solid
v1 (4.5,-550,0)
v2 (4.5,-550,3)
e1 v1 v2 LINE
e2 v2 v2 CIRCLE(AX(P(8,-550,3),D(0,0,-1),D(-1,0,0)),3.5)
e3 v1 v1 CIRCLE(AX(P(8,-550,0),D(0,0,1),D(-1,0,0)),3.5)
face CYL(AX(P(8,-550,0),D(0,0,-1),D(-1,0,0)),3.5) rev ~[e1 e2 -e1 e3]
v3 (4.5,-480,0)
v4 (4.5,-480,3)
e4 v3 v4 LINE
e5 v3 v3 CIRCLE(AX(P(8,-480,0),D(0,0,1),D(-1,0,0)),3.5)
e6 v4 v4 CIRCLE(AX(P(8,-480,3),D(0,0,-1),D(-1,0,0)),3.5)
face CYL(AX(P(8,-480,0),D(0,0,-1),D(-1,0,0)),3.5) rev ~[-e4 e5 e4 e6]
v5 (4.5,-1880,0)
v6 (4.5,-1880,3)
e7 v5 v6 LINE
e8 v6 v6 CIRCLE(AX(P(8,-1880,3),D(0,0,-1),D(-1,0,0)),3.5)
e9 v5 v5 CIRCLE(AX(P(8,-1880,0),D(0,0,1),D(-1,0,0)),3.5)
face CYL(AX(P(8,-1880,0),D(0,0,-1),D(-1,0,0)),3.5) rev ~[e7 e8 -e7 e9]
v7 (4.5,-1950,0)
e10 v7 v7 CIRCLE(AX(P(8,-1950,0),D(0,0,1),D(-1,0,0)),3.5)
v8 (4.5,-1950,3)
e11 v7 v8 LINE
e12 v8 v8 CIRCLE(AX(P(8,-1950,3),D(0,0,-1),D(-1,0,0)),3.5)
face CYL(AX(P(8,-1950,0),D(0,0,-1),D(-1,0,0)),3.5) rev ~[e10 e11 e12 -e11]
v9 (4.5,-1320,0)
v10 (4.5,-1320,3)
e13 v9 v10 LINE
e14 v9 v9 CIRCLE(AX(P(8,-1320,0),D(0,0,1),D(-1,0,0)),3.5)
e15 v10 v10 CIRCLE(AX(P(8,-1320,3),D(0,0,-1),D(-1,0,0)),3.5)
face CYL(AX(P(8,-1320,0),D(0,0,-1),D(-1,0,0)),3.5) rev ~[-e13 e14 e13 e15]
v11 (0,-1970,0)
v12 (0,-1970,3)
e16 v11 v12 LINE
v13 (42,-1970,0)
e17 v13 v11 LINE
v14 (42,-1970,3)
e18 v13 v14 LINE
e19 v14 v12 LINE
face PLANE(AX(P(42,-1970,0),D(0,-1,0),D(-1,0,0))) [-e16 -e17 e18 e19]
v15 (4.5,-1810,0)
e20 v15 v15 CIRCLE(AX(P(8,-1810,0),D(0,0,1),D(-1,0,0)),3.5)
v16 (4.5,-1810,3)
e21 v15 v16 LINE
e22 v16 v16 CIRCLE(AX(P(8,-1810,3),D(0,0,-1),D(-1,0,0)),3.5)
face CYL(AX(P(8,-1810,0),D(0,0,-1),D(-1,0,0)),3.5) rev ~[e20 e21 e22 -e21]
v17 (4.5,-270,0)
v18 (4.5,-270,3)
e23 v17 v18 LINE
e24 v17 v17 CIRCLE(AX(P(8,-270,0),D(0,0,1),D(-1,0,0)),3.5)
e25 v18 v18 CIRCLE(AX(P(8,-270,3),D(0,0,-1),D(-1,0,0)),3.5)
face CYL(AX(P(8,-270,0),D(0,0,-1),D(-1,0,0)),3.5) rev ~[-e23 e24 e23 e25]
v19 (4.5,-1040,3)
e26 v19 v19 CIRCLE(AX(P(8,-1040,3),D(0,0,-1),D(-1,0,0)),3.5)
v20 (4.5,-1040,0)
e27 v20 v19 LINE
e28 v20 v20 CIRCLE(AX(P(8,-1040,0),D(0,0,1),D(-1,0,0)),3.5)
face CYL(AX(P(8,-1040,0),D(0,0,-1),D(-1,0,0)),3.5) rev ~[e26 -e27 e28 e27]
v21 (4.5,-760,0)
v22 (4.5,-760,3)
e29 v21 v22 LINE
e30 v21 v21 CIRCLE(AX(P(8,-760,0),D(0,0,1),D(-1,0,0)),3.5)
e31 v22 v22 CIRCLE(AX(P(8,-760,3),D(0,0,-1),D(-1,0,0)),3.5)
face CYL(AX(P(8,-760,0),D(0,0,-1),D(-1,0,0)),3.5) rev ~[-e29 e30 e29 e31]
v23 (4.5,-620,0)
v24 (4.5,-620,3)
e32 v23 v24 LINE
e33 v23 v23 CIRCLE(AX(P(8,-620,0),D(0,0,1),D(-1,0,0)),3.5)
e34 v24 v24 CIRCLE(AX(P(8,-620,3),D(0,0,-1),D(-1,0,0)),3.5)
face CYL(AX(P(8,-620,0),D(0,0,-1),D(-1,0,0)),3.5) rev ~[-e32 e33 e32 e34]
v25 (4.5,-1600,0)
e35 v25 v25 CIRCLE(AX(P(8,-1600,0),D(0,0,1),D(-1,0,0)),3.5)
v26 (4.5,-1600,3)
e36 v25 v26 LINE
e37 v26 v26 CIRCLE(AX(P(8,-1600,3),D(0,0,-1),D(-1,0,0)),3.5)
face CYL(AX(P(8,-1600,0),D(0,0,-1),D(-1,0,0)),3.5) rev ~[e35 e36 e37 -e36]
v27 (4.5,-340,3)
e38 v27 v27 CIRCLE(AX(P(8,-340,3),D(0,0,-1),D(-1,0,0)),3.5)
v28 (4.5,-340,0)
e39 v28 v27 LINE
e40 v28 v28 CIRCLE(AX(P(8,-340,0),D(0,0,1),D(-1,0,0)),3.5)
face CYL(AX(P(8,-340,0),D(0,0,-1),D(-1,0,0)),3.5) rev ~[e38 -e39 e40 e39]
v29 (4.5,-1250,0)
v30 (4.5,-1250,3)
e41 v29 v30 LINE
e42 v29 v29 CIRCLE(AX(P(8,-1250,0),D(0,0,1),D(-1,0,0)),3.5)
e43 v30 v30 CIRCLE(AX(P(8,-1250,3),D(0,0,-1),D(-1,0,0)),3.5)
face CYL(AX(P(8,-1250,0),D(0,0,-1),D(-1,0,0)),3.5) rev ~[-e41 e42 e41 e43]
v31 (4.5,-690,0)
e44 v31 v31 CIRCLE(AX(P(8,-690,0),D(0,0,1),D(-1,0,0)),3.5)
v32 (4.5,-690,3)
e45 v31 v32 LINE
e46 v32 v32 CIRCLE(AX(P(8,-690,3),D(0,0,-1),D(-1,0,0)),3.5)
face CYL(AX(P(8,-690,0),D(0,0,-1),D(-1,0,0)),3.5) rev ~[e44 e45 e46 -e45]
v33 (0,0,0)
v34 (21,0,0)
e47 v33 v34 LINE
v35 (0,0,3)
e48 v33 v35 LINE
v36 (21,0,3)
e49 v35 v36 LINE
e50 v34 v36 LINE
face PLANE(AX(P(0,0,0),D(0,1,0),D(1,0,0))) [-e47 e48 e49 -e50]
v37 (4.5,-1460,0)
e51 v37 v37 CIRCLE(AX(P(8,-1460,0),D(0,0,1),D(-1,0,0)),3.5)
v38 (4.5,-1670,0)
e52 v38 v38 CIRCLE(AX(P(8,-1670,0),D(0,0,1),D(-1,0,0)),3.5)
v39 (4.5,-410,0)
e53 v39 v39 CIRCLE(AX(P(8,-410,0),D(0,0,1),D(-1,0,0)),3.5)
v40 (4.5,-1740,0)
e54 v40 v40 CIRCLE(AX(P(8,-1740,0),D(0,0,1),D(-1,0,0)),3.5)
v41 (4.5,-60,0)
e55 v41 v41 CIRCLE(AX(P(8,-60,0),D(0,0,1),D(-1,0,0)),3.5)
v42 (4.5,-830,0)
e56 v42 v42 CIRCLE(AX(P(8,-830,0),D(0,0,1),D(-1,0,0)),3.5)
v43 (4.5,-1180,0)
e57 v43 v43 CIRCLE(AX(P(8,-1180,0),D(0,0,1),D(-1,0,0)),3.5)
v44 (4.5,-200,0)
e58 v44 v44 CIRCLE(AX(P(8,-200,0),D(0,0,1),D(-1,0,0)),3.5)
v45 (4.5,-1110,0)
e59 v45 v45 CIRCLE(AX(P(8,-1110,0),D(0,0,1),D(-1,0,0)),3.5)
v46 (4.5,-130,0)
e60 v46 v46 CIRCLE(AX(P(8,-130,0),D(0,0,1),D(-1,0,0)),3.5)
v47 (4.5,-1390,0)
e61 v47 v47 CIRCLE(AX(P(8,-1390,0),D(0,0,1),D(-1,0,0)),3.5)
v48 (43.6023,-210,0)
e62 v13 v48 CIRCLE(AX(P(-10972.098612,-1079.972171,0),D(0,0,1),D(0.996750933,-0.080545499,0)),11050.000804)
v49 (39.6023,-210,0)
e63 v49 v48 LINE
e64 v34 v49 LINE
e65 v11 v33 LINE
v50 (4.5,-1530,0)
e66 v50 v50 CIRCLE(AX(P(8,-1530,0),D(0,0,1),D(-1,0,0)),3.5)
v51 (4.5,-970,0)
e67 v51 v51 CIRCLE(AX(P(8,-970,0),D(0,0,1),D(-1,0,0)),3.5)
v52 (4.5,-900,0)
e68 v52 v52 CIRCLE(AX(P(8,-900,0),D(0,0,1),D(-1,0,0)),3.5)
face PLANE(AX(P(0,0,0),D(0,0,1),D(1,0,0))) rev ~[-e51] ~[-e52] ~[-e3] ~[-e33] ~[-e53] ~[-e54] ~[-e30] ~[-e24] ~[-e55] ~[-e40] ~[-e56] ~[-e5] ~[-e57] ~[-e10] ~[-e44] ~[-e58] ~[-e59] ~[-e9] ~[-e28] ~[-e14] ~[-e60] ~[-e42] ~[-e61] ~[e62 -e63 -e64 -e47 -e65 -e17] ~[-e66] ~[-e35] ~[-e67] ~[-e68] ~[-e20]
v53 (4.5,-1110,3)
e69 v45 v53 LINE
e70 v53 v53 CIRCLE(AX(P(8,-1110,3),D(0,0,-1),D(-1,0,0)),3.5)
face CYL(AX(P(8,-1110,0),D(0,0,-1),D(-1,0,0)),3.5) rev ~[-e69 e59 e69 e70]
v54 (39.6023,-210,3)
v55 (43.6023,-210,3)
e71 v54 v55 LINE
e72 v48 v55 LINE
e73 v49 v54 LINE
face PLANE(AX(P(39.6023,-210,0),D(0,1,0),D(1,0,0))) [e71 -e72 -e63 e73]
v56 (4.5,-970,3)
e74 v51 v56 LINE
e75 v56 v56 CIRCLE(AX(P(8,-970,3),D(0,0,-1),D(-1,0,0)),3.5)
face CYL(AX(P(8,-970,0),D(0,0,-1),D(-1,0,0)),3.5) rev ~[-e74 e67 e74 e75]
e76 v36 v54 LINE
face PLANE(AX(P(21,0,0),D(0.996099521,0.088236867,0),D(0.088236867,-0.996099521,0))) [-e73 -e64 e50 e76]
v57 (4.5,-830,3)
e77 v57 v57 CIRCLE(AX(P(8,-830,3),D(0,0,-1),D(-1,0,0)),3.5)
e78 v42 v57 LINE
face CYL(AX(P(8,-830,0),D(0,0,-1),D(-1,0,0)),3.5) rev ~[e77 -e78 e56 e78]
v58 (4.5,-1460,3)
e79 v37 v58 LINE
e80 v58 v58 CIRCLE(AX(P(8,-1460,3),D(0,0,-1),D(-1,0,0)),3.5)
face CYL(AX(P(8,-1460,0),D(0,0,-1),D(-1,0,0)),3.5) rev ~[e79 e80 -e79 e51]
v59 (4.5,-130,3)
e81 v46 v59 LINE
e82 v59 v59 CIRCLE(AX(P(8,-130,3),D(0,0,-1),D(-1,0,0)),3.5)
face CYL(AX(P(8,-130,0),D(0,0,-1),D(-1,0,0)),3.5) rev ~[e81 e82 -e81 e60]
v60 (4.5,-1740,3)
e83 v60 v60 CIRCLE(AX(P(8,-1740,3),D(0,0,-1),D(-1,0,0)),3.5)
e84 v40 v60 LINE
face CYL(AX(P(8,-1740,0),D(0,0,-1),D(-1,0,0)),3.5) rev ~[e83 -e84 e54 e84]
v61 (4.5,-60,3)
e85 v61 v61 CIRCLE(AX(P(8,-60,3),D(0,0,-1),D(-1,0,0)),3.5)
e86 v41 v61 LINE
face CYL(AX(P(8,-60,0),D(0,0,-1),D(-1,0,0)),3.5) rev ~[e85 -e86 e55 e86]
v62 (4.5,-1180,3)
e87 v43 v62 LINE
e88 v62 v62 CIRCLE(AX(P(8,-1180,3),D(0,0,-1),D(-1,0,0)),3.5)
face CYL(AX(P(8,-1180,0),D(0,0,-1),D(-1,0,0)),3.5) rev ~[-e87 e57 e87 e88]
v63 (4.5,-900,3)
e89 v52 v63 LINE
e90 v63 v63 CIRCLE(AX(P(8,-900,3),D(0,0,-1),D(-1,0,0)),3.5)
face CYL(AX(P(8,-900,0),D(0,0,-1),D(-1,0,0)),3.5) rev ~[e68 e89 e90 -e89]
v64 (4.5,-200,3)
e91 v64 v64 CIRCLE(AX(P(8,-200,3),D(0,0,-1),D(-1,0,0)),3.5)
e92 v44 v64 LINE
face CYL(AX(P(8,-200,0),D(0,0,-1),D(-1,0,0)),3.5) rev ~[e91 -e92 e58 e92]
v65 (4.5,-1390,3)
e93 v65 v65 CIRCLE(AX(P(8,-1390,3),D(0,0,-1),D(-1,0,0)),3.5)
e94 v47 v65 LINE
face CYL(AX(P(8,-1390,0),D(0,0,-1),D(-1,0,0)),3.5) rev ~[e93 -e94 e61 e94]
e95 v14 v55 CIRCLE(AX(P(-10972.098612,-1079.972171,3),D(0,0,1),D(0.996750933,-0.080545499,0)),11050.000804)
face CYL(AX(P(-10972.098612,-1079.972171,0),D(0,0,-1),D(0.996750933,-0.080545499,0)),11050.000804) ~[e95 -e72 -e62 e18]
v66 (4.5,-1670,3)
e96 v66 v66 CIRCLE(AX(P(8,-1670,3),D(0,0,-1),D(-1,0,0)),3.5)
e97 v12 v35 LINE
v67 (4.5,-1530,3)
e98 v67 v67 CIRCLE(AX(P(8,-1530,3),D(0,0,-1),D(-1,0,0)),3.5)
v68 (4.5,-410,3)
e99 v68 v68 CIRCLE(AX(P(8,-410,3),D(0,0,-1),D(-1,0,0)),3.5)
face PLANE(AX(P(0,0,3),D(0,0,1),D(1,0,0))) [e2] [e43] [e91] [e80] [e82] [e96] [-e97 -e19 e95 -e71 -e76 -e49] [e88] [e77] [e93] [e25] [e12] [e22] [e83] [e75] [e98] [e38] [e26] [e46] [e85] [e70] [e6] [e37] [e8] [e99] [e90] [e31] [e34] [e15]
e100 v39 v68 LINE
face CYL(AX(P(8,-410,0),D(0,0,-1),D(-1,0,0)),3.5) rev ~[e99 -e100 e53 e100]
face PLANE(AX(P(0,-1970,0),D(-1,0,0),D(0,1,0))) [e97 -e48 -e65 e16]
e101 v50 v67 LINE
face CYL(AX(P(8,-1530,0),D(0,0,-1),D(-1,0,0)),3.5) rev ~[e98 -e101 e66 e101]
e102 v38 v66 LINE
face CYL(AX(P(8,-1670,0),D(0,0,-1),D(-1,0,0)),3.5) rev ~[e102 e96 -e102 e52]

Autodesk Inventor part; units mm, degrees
ref_plane "YZ Plane" through (0, 0, 0) normal (1, 0, 0) x (0, 1, 0)
ref_plane "XZ Plane" through (0, 0, 0) normal (0, 1, 0) x (-1, 0, 0)
ref_plane "XY Plane" through (0, 0, 0) normal (0, 0, 1) x (1, 0, 0)
sketch "Sketch1" plane through (0, 0, 0) normal (0, 0, 1) x (1, 0, 0)
  line L0 (0, 100) -> (0, 50) construction
  line L1 (0, 47) -> (0, 0) construction
  line L2 (0, 50) -> (0, 47) construction
  arc A0 (42, -1970) -> (25, 0) centre (-10972.0978, -1079.9722) ccw
  line L3 (42, -1970) -> (0, -1970)
  line L4 (0, -1970) -> (0, 0)
  line L5 (0, 0) -> (25, 0)
  line L6 (21, 0) -> (39.6023, -210)
  line L7 (39.6023, -210) -> (43.6023, -210)
  dimension "d115" = 3
  dimension "d131" = 11050
  dimension "d132" = 25
  dimension "d133" = 42
  dimension "d134" = 1970
  dimension "d145" = 4
  dimension "d146" = 210
  dimension "d147" = 4
extrude "Plate3" add sketch "Sketch1" along normal blind 3 contours L3 L4 L5 L6 L7 A0
sketch "Sketch3" plane through (0, 0, 0) normal (0, 0, -1) x (-1, 0, 0)
  line L0 (0, 0) -> (0, -1970) projected
  line L1 (-21, 0) -> (0, 0) projected
  arc A0 (-43.6023, -210) -> (-42, -1970) centre (10972.0978, -1079.9722) ccw projected
  line L2 (0, -1970) -> (-42, -1970) projected
  circle A1 centre (-8, -1950) radius 3.5
  circle A2 centre (0, -1947.1277) radius 5
  circle A3 centre (0, -1947.1277) radius 12
  line L3 (-39.6023, -210) -> (-21, 0) projected
  line L4 (-43.6023, -210) -> (-39.6023, -210) projected
  point P0 (0, -1935.1277)
  point P1 (-11.2941, -1951.1827)
  point P2 (-4.7059, -1948.8173)
  point P3 (0, -1942.1277)
  dimension "d135" = 7
  dimension "d136" = 8
  dimension "d137" = 20
  dimension "d143" = 10
extrude "Extrusion2" cut sketch "Sketch3" against normal blind 10 contours A1
pattern_linear "Rectangular Pattern1" count 31 spacing 70 along (0, 1, 0) of "Extrusion2"
equation "\"BendReliefWidth\" = Thickness"
equation "\"BendReliefDepth\" = 0.5 * Thickness"
equation "\"CornerReliefSize\" = 4 * Thickness"
equation "\"MinimumRemnant\" = 2 * Thickness"
equation "\"GapSize\" = Thickness"
equation "\"Thickness\" = 3"
properties part number "MSC 084 wall support gills" material "AISI304"
